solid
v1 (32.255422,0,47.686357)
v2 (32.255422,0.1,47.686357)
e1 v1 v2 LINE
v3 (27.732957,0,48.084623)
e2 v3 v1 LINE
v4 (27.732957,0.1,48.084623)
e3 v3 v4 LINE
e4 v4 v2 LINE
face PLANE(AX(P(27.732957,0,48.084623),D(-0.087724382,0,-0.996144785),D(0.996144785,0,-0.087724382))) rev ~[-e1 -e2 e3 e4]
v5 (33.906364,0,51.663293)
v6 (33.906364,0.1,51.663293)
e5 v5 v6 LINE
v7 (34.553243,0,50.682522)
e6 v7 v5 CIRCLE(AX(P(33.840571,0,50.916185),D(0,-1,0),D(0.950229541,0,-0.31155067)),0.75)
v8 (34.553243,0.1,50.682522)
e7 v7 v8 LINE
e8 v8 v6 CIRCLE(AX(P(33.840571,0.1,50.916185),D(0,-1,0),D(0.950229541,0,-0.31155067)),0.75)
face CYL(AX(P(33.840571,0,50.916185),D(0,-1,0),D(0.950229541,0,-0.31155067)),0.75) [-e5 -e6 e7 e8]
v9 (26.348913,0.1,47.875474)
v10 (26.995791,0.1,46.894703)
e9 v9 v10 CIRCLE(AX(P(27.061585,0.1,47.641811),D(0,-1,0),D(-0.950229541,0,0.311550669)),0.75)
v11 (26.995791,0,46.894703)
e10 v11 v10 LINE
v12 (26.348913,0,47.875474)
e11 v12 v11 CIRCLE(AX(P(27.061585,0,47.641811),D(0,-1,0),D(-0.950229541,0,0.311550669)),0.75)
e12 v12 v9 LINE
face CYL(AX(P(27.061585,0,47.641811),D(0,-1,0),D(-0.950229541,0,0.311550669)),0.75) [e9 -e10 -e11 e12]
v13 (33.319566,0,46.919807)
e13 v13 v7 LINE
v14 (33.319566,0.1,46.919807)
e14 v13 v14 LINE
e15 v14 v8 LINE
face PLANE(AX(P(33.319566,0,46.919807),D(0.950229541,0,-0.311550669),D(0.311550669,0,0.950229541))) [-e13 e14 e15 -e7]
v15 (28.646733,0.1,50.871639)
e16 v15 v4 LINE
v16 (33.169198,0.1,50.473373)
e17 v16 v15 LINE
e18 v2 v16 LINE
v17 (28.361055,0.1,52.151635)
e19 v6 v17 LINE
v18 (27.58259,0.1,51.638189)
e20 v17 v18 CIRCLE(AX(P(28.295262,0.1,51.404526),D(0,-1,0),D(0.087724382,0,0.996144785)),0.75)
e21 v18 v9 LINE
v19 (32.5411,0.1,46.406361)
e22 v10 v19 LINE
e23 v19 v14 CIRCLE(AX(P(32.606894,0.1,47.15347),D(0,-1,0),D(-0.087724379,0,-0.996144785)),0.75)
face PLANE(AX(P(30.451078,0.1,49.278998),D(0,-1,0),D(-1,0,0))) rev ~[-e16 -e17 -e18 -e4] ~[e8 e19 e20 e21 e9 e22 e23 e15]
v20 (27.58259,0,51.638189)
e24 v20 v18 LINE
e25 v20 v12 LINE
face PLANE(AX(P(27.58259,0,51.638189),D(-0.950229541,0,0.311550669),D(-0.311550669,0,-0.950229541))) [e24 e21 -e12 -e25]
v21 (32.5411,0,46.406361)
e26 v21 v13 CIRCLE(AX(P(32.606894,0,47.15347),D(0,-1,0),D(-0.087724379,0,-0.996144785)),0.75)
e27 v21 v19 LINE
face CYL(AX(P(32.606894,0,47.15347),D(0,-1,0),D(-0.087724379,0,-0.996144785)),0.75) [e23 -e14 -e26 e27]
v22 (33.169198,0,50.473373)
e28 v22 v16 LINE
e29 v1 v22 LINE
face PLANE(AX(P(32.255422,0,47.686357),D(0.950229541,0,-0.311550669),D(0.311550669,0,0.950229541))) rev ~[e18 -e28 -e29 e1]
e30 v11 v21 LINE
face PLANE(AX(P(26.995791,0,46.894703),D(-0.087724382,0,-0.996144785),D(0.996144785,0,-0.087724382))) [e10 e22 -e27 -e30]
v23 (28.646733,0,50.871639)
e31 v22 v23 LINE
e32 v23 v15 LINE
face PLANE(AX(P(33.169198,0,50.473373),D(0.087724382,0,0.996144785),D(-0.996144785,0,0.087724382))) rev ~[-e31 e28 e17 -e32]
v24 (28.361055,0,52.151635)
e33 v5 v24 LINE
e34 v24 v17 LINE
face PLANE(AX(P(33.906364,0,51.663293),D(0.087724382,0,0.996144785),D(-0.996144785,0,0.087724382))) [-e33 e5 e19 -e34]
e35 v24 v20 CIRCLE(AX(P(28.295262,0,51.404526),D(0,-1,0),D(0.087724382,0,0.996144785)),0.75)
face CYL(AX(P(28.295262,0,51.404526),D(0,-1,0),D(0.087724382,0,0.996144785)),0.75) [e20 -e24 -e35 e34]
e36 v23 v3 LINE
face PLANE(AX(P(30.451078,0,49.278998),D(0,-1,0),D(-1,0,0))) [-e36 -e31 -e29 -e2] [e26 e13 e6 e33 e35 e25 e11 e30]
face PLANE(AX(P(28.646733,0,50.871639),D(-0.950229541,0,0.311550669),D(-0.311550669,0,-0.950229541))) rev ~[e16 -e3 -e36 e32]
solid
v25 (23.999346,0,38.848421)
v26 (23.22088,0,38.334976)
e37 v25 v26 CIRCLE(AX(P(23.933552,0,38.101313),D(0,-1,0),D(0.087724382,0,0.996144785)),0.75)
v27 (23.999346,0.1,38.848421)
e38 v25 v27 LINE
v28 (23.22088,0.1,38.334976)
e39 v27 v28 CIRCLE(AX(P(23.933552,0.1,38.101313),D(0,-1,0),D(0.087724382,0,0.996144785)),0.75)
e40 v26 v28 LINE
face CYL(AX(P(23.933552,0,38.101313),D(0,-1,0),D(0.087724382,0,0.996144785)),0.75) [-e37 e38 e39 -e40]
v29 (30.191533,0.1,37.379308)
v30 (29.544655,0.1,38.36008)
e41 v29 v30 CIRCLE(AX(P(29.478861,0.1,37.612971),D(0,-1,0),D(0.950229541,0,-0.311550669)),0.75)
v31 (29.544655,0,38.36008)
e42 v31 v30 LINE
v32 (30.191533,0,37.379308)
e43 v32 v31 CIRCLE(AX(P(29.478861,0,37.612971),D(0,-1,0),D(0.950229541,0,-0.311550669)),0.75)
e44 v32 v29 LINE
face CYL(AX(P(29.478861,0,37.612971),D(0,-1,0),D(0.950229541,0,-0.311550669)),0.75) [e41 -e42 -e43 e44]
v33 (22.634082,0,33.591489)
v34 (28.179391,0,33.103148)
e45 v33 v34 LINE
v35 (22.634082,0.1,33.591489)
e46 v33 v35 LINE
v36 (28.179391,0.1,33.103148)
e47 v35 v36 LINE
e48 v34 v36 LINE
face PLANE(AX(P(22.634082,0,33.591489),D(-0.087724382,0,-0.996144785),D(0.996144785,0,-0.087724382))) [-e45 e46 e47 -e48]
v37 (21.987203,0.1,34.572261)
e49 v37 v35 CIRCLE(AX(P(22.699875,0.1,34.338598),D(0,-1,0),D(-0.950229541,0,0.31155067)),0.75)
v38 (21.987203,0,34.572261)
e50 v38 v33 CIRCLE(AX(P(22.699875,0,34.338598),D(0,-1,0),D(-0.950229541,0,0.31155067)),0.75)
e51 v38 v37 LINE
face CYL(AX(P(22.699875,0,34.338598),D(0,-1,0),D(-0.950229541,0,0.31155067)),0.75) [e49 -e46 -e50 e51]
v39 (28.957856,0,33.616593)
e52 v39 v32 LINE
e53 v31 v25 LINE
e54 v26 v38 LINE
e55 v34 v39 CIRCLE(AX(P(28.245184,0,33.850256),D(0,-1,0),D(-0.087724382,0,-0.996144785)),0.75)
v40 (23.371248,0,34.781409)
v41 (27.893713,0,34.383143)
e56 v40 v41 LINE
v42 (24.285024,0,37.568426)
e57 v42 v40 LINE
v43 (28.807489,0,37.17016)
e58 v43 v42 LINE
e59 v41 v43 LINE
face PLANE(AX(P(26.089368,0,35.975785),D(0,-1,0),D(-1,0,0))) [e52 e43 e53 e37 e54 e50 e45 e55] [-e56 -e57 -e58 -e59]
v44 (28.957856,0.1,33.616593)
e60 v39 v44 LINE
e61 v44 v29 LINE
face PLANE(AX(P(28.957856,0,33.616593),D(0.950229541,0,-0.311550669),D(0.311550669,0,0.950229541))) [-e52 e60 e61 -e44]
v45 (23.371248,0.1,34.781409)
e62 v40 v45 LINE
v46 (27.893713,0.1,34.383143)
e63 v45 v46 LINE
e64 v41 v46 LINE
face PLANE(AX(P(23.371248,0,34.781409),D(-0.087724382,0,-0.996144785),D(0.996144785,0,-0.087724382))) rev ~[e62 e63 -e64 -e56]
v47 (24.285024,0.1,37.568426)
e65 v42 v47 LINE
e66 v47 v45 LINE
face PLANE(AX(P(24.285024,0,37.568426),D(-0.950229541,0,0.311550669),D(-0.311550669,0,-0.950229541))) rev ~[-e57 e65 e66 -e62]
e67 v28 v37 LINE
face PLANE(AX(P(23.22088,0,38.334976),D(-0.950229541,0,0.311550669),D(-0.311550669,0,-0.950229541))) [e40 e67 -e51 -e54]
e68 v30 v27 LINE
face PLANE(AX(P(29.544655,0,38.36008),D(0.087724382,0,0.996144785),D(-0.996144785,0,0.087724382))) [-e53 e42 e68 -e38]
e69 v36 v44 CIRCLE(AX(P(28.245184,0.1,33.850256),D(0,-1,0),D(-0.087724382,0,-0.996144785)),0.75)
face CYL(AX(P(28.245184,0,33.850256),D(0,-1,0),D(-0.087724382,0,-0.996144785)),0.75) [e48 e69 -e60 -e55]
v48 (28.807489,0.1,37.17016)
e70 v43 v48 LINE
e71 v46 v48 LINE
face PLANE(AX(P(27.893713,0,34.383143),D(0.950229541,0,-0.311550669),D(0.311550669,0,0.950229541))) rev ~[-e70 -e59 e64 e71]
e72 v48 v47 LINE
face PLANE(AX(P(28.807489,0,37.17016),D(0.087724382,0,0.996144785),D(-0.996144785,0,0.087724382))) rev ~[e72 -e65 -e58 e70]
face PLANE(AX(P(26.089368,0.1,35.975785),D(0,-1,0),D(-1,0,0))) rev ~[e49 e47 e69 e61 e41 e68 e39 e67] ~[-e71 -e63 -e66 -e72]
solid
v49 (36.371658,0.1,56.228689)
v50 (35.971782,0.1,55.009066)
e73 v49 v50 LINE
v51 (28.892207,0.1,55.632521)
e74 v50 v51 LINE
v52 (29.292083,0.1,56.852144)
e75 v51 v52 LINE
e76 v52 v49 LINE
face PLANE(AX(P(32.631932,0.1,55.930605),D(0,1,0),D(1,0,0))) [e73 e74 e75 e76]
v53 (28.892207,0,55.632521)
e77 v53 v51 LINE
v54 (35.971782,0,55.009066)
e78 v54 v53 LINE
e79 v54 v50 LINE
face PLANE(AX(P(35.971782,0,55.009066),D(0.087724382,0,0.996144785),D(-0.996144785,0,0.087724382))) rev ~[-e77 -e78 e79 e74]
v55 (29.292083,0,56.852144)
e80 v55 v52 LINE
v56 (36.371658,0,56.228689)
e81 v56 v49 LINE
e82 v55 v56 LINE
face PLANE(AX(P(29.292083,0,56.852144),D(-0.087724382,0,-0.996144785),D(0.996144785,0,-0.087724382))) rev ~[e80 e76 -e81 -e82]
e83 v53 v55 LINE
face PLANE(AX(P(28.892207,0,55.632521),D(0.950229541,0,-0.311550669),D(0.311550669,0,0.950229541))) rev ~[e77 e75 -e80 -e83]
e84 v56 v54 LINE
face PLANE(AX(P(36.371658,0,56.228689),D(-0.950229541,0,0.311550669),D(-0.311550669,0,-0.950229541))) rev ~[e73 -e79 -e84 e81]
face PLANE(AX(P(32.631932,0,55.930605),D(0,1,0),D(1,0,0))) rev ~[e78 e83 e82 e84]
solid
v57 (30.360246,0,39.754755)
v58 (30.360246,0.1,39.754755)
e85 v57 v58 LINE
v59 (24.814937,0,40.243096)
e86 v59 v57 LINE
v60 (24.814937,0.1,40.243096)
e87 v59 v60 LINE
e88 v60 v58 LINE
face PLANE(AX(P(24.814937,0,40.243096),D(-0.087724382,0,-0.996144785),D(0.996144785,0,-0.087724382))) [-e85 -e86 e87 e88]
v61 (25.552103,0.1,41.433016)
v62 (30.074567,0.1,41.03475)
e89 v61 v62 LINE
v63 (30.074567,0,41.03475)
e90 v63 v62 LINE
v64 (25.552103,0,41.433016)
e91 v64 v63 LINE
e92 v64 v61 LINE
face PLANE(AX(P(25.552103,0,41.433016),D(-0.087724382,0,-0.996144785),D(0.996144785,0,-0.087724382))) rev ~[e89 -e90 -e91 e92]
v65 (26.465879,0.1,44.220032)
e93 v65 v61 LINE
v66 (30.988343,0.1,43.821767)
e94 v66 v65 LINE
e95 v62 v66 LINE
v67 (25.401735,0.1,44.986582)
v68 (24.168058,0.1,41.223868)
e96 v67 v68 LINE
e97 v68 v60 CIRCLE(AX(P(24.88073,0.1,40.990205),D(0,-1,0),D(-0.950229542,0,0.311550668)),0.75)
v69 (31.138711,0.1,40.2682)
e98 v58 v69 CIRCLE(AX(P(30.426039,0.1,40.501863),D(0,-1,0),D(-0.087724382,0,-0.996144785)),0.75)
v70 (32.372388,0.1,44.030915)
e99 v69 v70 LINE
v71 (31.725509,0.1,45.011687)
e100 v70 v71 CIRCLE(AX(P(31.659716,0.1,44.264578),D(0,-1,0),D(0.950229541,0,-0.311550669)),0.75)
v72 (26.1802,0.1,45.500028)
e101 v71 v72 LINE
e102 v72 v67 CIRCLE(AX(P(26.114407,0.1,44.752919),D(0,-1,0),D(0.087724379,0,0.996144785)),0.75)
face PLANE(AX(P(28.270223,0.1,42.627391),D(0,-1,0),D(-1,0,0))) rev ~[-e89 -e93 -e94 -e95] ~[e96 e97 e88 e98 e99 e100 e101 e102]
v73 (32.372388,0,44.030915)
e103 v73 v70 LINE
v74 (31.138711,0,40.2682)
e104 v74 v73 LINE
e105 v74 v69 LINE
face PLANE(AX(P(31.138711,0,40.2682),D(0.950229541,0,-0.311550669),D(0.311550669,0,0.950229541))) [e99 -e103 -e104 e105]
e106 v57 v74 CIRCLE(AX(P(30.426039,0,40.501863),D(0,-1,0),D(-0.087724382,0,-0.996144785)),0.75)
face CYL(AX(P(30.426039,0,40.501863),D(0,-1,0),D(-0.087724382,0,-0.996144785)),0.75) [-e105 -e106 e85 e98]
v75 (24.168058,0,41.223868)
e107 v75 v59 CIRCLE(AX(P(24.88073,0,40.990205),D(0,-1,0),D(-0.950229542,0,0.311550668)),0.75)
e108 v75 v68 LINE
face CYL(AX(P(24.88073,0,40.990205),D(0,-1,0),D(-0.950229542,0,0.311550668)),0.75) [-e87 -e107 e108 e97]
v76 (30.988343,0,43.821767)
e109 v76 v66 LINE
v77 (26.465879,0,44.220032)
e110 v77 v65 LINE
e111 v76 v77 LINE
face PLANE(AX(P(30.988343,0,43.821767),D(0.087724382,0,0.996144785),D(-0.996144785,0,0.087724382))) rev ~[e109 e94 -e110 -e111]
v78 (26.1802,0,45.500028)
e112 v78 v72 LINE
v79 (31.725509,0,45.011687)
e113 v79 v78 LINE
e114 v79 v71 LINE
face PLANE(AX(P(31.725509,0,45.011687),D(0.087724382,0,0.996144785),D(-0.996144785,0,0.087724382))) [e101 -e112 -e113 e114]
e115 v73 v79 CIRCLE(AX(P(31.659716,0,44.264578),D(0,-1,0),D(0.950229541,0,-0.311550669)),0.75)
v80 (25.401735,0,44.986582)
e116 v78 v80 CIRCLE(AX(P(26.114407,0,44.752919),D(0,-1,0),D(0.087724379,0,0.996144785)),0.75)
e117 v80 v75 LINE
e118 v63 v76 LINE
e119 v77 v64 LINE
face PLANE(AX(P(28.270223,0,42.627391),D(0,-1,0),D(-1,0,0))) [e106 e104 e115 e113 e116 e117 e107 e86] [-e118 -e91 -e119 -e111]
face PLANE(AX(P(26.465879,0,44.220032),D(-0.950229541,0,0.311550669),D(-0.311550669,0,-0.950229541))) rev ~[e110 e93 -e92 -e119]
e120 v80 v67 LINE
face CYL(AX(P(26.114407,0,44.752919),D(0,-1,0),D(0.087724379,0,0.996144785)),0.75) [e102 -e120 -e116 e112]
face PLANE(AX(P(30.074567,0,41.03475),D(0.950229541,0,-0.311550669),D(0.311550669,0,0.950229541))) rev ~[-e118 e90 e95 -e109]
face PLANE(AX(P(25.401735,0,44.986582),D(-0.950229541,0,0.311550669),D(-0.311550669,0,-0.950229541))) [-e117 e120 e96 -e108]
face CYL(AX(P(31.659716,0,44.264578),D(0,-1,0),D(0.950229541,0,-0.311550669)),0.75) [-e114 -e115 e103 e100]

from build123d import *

# Parameters (mm, degrees)
BOSS_EXTRUDE1_DEPTH   = 0.1
BOSS_EXTRUDE1_2_DEPTH = 0.1
BOSS_EXTRUDE1_3_DEPTH = 0.1
BOSS_EXTRUDE1_4_DEPTH = 0.1


with BuildPart() as part:
    # Sketch1 → Boss-Extrude1 (new body)
    with BuildSketch(Plane(origin=(0, 0, 0), x_dir=(1, 0, 0), z_dir=(0, 1, 0))):
        with BuildLine():
            Line((24.814936785, -40.243096001), (30.360245664, -39.754754547))
            ThreePointArc((30.360245664, -39.754754547), (30.838979213, -39.875779803), (31.138711106, -40.268200133))
            Line((31.138711106, -40.268200133), (32.372388114, -44.03091501))
            ThreePointArc((32.372388114, -44.03091501), (32.285799291, -44.677518274), (31.725509245, -45.0116866))
            Line((31.725509245, -45.0116866), (26.180200366, -45.500028055))
            ThreePointArc((26.180200366, -45.500028055), (25.701466817, -45.379002798), (25.401734924, -44.986582468))
            Line((25.401734924, -44.986582468), (24.168057915, -41.223867592))
            ThreePointArc((24.168057915, -41.223867592), (24.254646739, -40.577264327), (24.814936785, -40.243096001))
        make_face()
        Polygon((25.55210278, -41.433015967), (30.074567356, -41.034750158), (30.98834325, -43.821766634), (26.465878674, -44.220032443), align=None, mode=Mode.SUBTRACT)
    extrude(amount=BOSS_EXTRUDE1_DEPTH)


with BuildPart() as body_2:
    # Sketch1 → Boss-Extrude1 2 (new body)
    with BuildSketch(Plane(origin=(0, 0, 0), x_dir=(1, 0, 0), z_dir=(0, 1, 0))):
        with BuildLine():
            Line((26.995791469, -46.894702788), (32.541100348, -46.406361333))
            ThreePointArc((32.541100348, -46.406361333), (33.019833897, -46.52738659), (33.31956579, -46.91980692))
            Line((33.31956579, -46.91980692), (34.553242798, -50.682521796))
            ThreePointArc((34.553242798, -50.682521796), (34.466653975, -51.329125061), (33.906363929, -51.663293387))
            Line((33.906363929, -51.663293387), (28.36105505, -52.151634841))
            ThreePointArc((28.36105505, -52.151634841), (27.882321501, -52.030609585), (27.582589608, -51.638189254))
            Line((27.582589608, -51.638189254), (26.3489126, -47.875474378))
            ThreePointArc((26.3489126, -47.875474378), (26.435501423, -47.228871114), (26.995791469, -46.894702788))
        make_face()
        Polygon((27.732957464, -48.084622754), (32.25542204, -47.686356944), (33.169197934, -50.473373421), (28.646733358, -50.87163923), align=None, mode=Mode.SUBTRACT)
    extrude(amount=BOSS_EXTRUDE1_2_DEPTH)


with BuildPart() as body_3:
    # Sketch1 → Boss-Extrude1 3 (new body)
    with BuildSketch(Plane(origin=(0, 0, 0), x_dir=(1, 0, 0), z_dir=(0, 1, 0))):
        with BuildLine():
            Line((22.634082101, -33.591489214), (28.179390979, -33.10314776))
            ThreePointArc((28.179390979, -33.10314776), (28.658124528, -33.224173016), (28.957856421, -33.616593347))
            Line((28.957856421, -33.616593347), (30.19153343, -37.379308223))
            ThreePointArc((30.19153343, -37.379308223), (30.104944607, -38.025911487), (29.544654561, -38.360079813))
            Line((29.544654561, -38.360079813), (23.999345682, -38.848421268))
            ThreePointArc((23.999345682, -38.848421268), (23.520612133, -38.727396012), (23.22088024, -38.334975681))
            Line((23.22088024, -38.334975681), (21.987203231, -34.572260805))
            ThreePointArc((21.987203231, -34.572260805), (22.073792054, -33.92565754), (22.634082101, -33.591489214))
        make_face()
        Polygon((23.371248096, -34.78140918), (27.893712672, -34.383143371), (28.807488565, -37.170159847), (24.28502399, -37.568425657), align=None, mode=Mode.SUBTRACT)
    extrude(amount=BOSS_EXTRUDE1_3_DEPTH)


with BuildPart() as body_4:
    # Sketch1 → Boss-Extrude1 4 (new body)
    with BuildSketch(Plane(origin=(0, 0, 0), x_dir=(1, 0, 0), z_dir=(0, 1, 0))):
        Polygon((28.89220652, -55.632520835), (29.292082913, -56.852143835), (36.371658246, -56.228688913), (35.971781853, -55.009065913), align=None)
    extrude(amount=BOSS_EXTRUDE1_4_DEPTH)


solid = Compound([part.part, body_2.part, body_3.part, body_4.part])
